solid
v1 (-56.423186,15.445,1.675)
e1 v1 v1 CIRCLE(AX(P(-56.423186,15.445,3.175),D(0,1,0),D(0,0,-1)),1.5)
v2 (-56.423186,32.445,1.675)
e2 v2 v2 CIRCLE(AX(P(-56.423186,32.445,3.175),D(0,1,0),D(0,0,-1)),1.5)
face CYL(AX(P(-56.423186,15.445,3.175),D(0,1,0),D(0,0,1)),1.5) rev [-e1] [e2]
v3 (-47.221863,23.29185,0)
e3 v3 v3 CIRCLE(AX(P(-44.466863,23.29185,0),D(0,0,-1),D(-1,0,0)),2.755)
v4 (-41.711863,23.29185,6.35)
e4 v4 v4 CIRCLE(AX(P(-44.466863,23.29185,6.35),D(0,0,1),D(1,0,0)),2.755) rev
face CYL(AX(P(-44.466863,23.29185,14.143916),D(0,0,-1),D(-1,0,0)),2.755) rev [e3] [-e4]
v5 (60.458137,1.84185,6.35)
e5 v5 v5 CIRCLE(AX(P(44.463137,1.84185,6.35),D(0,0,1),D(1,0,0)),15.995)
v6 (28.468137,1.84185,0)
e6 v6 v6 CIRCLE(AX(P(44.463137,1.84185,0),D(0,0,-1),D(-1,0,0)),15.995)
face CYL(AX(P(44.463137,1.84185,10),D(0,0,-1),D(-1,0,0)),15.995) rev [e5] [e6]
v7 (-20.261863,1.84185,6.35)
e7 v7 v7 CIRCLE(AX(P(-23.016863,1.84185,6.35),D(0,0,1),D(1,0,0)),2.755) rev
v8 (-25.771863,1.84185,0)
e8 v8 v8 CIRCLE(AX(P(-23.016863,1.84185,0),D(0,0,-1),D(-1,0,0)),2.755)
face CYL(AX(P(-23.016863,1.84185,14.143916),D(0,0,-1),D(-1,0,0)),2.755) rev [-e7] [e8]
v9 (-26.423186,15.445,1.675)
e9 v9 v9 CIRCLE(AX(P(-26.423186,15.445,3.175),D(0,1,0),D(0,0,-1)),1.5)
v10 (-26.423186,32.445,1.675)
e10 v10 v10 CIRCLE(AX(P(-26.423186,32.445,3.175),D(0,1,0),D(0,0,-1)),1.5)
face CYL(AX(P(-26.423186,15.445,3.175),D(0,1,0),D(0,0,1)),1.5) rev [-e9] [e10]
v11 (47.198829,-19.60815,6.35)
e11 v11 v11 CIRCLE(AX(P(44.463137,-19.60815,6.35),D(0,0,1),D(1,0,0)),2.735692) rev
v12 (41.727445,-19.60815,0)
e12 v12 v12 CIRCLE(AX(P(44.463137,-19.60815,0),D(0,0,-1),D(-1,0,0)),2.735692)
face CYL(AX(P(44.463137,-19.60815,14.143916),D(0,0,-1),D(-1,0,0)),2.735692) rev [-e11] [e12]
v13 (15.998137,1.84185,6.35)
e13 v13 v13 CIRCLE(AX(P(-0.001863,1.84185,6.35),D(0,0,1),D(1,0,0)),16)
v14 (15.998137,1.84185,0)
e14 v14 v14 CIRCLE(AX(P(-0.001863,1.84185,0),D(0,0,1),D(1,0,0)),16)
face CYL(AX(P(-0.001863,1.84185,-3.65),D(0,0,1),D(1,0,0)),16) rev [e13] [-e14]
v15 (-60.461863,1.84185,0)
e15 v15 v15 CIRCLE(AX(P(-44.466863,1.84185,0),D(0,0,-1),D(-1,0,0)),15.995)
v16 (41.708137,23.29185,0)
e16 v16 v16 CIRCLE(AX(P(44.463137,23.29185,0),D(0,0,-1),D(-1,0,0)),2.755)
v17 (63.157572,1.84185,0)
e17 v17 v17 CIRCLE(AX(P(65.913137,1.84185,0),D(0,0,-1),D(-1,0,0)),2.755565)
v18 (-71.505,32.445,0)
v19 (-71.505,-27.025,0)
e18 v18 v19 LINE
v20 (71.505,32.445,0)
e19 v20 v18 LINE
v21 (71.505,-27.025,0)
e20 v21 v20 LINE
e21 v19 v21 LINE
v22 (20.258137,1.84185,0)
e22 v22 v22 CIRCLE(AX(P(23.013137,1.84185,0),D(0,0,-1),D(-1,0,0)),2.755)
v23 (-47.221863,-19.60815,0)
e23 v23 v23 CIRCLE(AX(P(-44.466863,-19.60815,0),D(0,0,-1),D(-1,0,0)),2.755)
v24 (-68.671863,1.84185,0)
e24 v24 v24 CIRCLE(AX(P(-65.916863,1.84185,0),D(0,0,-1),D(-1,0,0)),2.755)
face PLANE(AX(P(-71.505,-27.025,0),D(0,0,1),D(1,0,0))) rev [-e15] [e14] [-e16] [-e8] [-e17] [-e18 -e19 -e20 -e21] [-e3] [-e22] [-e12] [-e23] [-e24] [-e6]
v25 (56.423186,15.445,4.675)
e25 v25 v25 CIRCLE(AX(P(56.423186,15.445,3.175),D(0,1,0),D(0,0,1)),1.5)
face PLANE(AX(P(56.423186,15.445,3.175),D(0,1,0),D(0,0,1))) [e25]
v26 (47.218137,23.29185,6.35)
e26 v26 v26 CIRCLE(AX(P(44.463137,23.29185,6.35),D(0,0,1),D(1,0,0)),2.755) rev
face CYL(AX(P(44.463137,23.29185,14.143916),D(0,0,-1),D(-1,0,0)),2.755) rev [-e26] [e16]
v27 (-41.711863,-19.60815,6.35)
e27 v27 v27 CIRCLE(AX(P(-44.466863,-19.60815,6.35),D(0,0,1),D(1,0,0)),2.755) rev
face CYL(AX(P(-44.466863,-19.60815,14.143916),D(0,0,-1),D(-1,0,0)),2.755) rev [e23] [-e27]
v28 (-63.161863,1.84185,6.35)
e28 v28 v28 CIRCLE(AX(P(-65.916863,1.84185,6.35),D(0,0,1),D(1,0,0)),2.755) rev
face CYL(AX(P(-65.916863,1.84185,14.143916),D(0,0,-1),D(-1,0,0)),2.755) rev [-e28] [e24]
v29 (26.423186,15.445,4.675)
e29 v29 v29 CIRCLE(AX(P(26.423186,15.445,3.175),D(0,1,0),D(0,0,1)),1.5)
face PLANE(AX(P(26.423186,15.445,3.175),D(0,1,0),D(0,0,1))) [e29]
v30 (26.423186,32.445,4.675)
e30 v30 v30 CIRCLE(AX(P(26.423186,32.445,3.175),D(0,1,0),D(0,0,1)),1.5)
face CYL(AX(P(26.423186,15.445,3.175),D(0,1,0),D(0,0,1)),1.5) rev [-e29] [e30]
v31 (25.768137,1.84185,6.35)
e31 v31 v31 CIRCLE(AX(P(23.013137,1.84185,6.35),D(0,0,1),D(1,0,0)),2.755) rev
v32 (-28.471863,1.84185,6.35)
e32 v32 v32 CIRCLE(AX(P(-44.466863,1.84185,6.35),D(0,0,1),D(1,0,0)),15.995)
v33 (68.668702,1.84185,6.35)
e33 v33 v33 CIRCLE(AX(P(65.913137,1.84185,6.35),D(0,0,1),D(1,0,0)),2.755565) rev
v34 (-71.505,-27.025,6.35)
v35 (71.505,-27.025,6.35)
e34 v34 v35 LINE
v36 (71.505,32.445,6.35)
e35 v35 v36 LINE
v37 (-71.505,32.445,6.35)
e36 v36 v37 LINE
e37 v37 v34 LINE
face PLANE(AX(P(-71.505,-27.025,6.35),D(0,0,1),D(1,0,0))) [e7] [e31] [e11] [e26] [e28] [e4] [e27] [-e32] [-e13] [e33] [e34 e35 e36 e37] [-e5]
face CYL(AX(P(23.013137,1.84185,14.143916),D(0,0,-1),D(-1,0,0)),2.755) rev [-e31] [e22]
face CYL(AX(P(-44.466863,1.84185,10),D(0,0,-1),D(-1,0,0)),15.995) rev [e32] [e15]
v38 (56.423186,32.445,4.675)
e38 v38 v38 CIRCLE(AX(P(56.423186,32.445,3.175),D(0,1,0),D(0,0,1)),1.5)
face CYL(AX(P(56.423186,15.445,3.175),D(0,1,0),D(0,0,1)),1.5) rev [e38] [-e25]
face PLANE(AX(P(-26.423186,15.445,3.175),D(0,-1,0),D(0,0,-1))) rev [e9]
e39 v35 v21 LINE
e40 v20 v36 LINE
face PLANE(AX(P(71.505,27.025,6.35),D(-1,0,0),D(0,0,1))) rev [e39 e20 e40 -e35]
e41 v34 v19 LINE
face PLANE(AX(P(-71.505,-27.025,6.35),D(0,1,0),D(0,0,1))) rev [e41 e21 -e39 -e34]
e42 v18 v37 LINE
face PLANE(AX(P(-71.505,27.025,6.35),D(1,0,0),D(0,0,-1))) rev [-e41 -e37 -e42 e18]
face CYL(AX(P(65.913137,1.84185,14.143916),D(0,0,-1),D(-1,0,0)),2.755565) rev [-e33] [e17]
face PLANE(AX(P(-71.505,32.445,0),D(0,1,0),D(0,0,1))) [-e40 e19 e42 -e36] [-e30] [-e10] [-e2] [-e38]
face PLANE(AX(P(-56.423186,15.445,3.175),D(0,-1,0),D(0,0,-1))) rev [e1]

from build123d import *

# Parameters (mm, degrees)
ESBO_O1_W                = 143.01
ESBO_O1_H                = 54.05
RESSALTO_EXTRUS_O1_DEPTH = 6.35
ESBO_O2_R                = 2.755
ESBO_O2_R_2              = 2.755565393
ESBO_O2_R_3              = 2.735691737
CORTE_EXTRUS_O1_DEPTH    = 6.35
ESBO_O3_R                = 15.995
ESBO_O3_R_2              = 10
CORTE_EXTRUS_O2_DEPTH    = 10
ESBO_O4_W                = 143.01
ESBO_O4_H                = 3.42
RESSALTO_EXTRUS_O2_DEPTH = 6.35
ESBO_O5_R                = 16
CORTE_EXTRUS_O3_DEPTH    = 10
CROQUIS1_W               = 143.01
CROQUIS1_H               = 2
SALIENTE_EXTRUIR2_DEPTH  = 6.35
ESBO_O6_R                = 1.5
CORTE_EXTRUS_O4_DEPTH    = 17


with BuildPart() as part:
    # Esboço1 → Ressalto-extrusão1 (new body)
    with BuildSketch(Plane.XY):
        Rectangle(ESBO_O1_W, ESBO_O1_H)
    extrude(amount=RESSALTO_EXTRUS_O1_DEPTH)

    # Esboço2 → Corte-extrusão1 (cut)
    with BuildSketch(Plane(origin=(0, 0, 0), x_dir=(-1, 0, 0), z_dir=(0, 0, -1))):
        with Locations((-44.463136928, 23.291850449)):
            Circle(ESBO_O2_R)
        with Locations((-65.913136928, 1.841850449)):
            Circle(ESBO_O2_R_2)
        with Locations((-44.463136928, -19.608149551)):
            Circle(ESBO_O2_R_3)
        with Locations((-23.013136928, 1.841850449)):
            Circle(ESBO_O2_R)
        with Locations((23.016863072, 1.841850449)):
            Circle(ESBO_O2_R)
        with Locations((44.466863072, -19.608149551)):
            Circle(ESBO_O2_R)
        with Locations((65.916863072, 1.841850449)):
            Circle(ESBO_O2_R)
        with Locations((44.466863072, 23.291850449)):
            Circle(ESBO_O2_R)
    extrude(amount=-CORTE_EXTRUS_O1_DEPTH, mode=Mode.SUBTRACT)

    # Esboço3 → Corte-extrusão2 (cut)
    with BuildSketch(Plane(origin=(0, 0, 0), x_dir=(-1, 0, 0), z_dir=(0, 0, -1))):
        with Locations((-44.463136928, 1.841850449)):
            Circle(ESBO_O3_R)
        with Locations((0.001863072, 1.841850449)):
            Circle(ESBO_O3_R_2)
        with Locations((44.466863072, 1.841850449)):
            Circle(ESBO_O3_R)
    extrude(amount=-CORTE_EXTRUS_O2_DEPTH, mode=Mode.SUBTRACT)

    # Esboço4 → Ressalto-extrusão2 (add)
    with BuildSketch(Plane.XY):
        with Locations((0, 28.735)):
            Rectangle(ESBO_O4_W, ESBO_O4_H)
    extrude(amount=RESSALTO_EXTRUS_O2_DEPTH)

    # Esboço5 → Corte-extrusão3 (cut)
    with BuildSketch(Plane.XY.offset(6.35)):
        with Locations((-0.001863072, 1.841850449)):
            Circle(ESBO_O5_R)
    extrude(amount=-CORTE_EXTRUS_O3_DEPTH, mode=Mode.SUBTRACT)

    # Croquis1 → Saliente-Extruir2 (add)
    with BuildSketch(Plane.XY.offset(6.35)):
        with Locations((0, 31.445)):
            Rectangle(CROQUIS1_W, CROQUIS1_H)
    extrude(amount=-SALIENTE_EXTRUIR2_DEPTH)

    # Esboço6 → Corte-extrusão4 (cut)
    with BuildSketch(Plane(origin=(0, 32.445, 0), x_dir=(1, 0, 0), z_dir=(0, 1, 0))):
        with Locations(Location((56.423186497, -3.175, 0), (0, 0, 270))):
            Circle(ESBO_O6_R)
        with Locations(Location((26.423186497, -3.175, 0), (0, 0, 270))):
            Circle(ESBO_O6_R)
        with Locations(Location((-26.423186497, -3.175, 0), (0, 0, 90))):
            Circle(ESBO_O6_R)
        with Locations(Location((-56.423186497, -3.175, 0), (0, 0, 90))):
            Circle(ESBO_O6_R)
    extrude(amount=-CORTE_EXTRUS_O4_DEPTH, mode=Mode.SUBTRACT)


solid = part.part
